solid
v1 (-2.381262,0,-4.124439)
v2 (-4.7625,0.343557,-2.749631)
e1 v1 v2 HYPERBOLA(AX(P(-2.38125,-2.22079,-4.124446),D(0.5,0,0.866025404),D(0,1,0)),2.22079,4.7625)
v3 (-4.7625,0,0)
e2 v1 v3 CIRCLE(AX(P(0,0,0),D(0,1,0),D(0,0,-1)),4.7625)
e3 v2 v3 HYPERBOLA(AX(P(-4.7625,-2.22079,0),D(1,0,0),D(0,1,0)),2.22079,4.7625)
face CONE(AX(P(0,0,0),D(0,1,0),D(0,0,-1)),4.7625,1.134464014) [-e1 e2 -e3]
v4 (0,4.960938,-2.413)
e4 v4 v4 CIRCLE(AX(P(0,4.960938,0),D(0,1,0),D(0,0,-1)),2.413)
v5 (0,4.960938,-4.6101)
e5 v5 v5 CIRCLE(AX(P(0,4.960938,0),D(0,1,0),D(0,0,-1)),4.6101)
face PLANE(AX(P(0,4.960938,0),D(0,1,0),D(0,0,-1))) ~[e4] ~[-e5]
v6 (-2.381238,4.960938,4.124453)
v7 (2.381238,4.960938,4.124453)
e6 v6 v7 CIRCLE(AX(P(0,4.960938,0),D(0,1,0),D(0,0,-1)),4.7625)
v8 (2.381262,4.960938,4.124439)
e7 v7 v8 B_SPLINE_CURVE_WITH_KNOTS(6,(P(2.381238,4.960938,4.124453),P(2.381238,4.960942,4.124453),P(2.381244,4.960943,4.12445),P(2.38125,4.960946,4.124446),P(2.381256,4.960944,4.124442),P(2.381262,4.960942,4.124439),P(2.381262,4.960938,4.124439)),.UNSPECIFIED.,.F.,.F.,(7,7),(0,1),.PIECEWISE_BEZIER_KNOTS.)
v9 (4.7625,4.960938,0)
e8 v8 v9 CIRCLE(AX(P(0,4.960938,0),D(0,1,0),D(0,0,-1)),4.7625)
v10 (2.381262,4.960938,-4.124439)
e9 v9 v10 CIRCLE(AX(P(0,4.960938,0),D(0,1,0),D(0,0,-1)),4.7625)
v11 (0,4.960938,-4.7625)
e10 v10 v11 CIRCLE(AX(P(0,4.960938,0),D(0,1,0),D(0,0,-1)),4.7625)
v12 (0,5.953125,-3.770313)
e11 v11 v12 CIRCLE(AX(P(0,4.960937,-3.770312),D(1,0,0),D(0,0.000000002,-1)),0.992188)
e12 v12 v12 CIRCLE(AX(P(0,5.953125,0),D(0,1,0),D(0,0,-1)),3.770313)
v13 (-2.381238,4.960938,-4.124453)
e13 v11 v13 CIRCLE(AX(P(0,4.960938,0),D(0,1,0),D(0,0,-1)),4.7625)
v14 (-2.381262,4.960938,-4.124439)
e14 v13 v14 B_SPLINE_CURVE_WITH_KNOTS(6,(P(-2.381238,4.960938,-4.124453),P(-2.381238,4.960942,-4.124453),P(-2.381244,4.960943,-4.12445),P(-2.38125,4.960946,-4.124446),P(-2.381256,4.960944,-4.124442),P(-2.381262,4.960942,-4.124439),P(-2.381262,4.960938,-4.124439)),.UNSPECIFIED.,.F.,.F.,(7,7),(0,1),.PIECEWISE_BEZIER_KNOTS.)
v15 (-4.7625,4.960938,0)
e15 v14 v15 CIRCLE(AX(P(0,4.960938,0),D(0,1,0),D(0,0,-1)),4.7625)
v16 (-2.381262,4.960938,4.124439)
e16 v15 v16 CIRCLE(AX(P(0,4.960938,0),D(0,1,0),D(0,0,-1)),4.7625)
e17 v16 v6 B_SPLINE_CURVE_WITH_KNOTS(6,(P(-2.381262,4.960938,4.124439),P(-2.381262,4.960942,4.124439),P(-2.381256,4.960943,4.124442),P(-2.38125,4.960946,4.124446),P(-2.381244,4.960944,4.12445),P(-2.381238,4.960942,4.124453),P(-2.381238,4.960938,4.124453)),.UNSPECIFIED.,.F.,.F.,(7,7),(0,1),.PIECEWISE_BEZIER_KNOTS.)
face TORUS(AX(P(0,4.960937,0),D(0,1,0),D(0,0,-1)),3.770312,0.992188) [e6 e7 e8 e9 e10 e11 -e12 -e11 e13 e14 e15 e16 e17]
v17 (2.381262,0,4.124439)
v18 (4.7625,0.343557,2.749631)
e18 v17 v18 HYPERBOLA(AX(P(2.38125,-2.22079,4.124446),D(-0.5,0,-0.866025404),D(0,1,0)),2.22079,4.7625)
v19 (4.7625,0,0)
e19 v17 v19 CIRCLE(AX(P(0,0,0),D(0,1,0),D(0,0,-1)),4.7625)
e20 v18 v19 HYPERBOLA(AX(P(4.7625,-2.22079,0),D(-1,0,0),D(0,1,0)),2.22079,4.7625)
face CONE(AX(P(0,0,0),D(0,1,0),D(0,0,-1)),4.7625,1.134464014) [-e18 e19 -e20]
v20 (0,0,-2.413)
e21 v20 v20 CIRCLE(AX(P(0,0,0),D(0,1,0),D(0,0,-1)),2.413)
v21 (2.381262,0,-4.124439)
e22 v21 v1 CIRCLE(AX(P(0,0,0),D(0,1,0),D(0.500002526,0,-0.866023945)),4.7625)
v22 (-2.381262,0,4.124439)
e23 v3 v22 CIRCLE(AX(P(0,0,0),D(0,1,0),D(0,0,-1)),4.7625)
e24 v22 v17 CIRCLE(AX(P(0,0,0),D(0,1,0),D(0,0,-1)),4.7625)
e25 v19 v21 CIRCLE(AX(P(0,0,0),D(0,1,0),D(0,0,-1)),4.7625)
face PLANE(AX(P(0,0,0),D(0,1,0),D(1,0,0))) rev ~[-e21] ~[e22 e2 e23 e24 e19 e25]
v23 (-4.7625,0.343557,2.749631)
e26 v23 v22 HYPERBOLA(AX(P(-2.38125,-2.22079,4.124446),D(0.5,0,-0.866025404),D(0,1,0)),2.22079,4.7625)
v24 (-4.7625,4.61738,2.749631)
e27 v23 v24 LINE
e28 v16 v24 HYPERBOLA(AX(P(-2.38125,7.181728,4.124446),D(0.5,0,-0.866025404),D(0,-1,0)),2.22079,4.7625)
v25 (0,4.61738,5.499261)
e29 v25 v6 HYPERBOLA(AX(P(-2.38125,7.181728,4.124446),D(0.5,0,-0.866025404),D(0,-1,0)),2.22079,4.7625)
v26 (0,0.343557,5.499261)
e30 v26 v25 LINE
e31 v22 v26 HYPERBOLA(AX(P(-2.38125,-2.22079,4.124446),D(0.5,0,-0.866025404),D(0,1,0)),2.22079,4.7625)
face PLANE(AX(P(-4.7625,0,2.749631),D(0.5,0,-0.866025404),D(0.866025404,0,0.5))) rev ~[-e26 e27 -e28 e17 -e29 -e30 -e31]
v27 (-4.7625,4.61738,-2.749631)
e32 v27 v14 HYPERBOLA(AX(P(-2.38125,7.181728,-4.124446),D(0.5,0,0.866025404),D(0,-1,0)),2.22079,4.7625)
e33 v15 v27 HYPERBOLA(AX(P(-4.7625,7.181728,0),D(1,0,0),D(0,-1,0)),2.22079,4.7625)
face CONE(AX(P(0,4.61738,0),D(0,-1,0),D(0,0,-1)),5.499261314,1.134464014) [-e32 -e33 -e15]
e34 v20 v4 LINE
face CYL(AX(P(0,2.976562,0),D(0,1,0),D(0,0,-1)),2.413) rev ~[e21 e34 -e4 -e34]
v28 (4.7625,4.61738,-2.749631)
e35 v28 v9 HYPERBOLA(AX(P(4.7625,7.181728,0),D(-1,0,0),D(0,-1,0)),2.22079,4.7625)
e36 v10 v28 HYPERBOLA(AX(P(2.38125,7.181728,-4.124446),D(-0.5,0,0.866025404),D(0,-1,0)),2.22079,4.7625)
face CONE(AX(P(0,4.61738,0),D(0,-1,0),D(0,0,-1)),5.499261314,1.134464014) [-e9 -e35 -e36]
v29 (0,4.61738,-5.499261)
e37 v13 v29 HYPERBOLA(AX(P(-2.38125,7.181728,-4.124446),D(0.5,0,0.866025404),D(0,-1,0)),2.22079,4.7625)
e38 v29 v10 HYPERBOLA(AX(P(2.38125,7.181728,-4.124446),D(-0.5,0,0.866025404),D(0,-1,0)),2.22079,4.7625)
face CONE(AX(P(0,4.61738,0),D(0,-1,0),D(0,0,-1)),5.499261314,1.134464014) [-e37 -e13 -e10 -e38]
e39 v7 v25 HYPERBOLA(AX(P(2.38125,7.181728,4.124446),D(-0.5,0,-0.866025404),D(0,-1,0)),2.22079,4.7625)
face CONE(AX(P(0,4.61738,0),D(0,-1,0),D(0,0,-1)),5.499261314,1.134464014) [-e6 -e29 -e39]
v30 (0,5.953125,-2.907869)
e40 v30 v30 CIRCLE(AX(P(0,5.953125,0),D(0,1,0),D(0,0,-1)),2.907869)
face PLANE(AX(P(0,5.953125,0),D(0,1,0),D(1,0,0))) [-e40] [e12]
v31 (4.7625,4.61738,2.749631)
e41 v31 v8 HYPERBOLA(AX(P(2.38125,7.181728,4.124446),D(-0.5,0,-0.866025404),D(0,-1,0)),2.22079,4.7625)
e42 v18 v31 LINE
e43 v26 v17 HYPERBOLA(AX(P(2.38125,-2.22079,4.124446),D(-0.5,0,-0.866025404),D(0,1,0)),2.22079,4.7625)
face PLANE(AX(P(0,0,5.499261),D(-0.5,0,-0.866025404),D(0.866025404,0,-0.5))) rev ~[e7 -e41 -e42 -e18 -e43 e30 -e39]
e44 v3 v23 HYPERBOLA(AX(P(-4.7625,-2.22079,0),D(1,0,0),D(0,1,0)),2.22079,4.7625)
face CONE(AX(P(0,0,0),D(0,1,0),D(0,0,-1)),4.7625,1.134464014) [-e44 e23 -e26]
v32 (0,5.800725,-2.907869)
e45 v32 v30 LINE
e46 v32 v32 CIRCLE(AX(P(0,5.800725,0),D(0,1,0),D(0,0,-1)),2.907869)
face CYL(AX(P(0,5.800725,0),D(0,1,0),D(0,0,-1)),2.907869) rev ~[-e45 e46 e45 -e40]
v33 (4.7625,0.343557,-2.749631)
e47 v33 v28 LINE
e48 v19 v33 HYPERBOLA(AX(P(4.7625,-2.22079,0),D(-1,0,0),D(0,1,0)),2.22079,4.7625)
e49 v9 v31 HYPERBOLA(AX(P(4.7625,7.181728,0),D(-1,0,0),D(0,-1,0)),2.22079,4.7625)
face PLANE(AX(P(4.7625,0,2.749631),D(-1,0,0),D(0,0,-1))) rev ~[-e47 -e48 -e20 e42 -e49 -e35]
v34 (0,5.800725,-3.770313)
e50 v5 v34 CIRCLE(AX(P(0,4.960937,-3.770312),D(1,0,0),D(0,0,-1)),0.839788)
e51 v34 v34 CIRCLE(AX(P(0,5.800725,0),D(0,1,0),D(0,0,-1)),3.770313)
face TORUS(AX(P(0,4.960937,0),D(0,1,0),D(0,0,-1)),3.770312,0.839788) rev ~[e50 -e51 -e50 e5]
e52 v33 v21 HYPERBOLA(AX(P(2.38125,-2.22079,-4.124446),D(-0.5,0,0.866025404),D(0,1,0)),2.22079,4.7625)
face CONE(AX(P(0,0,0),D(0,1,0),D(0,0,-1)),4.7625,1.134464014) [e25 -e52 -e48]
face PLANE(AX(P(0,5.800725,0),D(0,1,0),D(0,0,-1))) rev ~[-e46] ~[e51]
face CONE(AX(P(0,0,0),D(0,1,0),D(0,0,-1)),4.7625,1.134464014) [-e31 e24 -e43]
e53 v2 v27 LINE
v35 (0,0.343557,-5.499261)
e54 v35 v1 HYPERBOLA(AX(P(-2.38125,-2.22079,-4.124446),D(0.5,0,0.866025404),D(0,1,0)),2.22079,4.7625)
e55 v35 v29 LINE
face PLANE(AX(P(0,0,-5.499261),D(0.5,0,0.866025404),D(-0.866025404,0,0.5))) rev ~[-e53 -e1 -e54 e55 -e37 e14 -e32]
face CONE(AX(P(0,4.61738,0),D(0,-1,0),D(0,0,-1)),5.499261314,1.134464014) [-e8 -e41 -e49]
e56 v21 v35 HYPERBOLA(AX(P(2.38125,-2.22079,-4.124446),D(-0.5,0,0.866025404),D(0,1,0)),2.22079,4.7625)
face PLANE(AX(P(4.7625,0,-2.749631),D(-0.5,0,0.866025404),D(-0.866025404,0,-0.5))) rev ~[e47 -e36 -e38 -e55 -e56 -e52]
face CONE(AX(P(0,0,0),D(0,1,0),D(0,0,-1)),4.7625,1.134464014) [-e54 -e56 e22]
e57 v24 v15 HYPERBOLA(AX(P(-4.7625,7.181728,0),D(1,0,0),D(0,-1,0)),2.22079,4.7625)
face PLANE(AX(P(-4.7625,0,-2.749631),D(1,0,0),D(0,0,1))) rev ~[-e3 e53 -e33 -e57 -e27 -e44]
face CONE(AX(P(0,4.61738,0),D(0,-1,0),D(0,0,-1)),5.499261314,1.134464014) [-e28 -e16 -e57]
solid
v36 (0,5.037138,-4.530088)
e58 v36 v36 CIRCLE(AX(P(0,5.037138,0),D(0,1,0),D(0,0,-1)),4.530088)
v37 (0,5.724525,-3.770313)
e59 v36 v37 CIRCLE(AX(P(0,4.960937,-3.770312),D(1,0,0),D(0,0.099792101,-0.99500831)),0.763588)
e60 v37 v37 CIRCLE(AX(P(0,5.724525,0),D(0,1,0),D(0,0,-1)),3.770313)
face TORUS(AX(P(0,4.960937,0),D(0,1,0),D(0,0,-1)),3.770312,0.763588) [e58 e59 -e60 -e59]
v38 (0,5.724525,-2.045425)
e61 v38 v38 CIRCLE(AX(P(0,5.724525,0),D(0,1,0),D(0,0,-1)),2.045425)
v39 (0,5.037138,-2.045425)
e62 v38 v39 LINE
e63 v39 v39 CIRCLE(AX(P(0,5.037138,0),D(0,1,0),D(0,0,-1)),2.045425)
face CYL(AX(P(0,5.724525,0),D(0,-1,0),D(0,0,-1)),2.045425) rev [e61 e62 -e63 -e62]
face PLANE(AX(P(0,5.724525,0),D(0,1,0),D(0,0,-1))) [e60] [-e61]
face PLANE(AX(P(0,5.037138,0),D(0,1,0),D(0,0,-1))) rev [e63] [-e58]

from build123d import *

# Parameters (mm, degrees)
EXTRUDE1_DEPTH = 5.953125
SKETCH2_W      = 2.413
SKETCH2_H      = 5.953125


with BuildPart() as part:
    # Sketch1 → Extrude1 (new body)
    with BuildSketch(Plane(origin=(0, 0, 0), x_dir=(1, 0, 0), z_dir=(0, 1, 0))):
        Polygon((0, 5.499261314), (-4.7625, 2.749630657), (-4.7625, -2.749630657), (0, -5.499261314), (4.7625, -2.749630657), (4.7625, 2.749630657), align=None)
    extrude(amount=EXTRUDE1_DEPTH)


with BuildPart() as body_2:
    # Sketch2 → Revolve1 (revolve)
    with BuildSketch(Plane(origin=(0, 0, 0), x_dir=(0, 0, -1), z_dir=(1, 0, 0))):
        with Locations((1.2065, 2.9765625)):
            Rectangle(SKETCH2_W, SKETCH2_H)
    revolve(axis=Axis((0, -2.413, 0), (0, 1, 0)))


with BuildPart() as part_1:
    add(part.part)

    # Combine1: cut body 2
    add(body_2.part, mode=Mode.SUBTRACT)

    # Sketch5 → Cut-Revolve3 (revolve, cut)
    with BuildSketch(Plane(origin=(0, 0, 0), x_dir=(0, 0, -1), z_dir=(1, 0, 0))):
        with BuildLine():
            Line((0, 0), (4.7625, 0))
            Line((4.7625, 0), (5.499261314, 0.343557443))
            Line((5.499261314, 0.343557443), (5.499261314, 4.617380057))
            Line((5.499261314, 4.617380057), (4.7625, 4.9609375))
            ThreePointArc((4.7625, 4.9609375), (4.471895009, 5.662520009), (3.7703125, 5.953125))
            Line((3.7703125, 5.953125), (3.7703125, 7.223125))
            Line((3.7703125, 7.223125), (6.769261314, 7.223125))
            Line((6.769261314, 7.223125), (6.769261314, -1.27))
            Line((6.769261314, -1.27), (0, -1.27))
            Line((0, -1.27), (0, 0))
        make_face()
    revolve(axis=Axis((0, 0, 0), (0, 1, 0)), mode=Mode.SUBTRACT)

    # Sketch6 → Cut-Revolve4 (revolve, cut)
    with BuildSketch(Plane(origin=(0, 0, 0), x_dir=(0, 0, -1), z_dir=(1, 0, 0))):
        with BuildLine():
            Line((0, 4.9609375), (4.6101, 4.9609375))
            ThreePointArc((4.6101, 4.9609375), (4.364131936, 5.554756936), (3.7703125, 5.800725))
            Line((3.7703125, 5.800725), (2.907868669, 5.800725))
            Line((2.907868669, 5.800725), (2.907868669, 7.223125))
            Line((2.907868669, 7.223125), (0, 7.223125))
            Line((0, 7.223125), (0, 4.9609375))
        make_face()
    revolve(axis=Axis((0, 7.223125, 0), (0, 1, 0)), mode=Mode.SUBTRACT)


with BuildPart() as body_2_2:
    # Sketch7 → Revolve2 (revolve)
    with BuildSketch(Plane(origin=(0, 0, 0), x_dir=(0, 0, -1), z_dir=(1, 0, 0))):
        with BuildLine():
            Line((2.045424837, 5.0371375), (4.530088408, 5.0371375))
            ThreePointArc((4.530088408, 5.0371375), (4.282601726, 5.527175629), (3.7703125, 5.724525))
            Line((3.7703125, 5.724525), (2.045424837, 5.724525))
            Line((2.045424837, 5.724525), (2.045424837, 5.0371375))
        make_face()
    revolve(axis=Axis((0, 5.0371375, 0), (0, 1, 0)))


solid = Compound([part_1.part, body_2_2.part])
